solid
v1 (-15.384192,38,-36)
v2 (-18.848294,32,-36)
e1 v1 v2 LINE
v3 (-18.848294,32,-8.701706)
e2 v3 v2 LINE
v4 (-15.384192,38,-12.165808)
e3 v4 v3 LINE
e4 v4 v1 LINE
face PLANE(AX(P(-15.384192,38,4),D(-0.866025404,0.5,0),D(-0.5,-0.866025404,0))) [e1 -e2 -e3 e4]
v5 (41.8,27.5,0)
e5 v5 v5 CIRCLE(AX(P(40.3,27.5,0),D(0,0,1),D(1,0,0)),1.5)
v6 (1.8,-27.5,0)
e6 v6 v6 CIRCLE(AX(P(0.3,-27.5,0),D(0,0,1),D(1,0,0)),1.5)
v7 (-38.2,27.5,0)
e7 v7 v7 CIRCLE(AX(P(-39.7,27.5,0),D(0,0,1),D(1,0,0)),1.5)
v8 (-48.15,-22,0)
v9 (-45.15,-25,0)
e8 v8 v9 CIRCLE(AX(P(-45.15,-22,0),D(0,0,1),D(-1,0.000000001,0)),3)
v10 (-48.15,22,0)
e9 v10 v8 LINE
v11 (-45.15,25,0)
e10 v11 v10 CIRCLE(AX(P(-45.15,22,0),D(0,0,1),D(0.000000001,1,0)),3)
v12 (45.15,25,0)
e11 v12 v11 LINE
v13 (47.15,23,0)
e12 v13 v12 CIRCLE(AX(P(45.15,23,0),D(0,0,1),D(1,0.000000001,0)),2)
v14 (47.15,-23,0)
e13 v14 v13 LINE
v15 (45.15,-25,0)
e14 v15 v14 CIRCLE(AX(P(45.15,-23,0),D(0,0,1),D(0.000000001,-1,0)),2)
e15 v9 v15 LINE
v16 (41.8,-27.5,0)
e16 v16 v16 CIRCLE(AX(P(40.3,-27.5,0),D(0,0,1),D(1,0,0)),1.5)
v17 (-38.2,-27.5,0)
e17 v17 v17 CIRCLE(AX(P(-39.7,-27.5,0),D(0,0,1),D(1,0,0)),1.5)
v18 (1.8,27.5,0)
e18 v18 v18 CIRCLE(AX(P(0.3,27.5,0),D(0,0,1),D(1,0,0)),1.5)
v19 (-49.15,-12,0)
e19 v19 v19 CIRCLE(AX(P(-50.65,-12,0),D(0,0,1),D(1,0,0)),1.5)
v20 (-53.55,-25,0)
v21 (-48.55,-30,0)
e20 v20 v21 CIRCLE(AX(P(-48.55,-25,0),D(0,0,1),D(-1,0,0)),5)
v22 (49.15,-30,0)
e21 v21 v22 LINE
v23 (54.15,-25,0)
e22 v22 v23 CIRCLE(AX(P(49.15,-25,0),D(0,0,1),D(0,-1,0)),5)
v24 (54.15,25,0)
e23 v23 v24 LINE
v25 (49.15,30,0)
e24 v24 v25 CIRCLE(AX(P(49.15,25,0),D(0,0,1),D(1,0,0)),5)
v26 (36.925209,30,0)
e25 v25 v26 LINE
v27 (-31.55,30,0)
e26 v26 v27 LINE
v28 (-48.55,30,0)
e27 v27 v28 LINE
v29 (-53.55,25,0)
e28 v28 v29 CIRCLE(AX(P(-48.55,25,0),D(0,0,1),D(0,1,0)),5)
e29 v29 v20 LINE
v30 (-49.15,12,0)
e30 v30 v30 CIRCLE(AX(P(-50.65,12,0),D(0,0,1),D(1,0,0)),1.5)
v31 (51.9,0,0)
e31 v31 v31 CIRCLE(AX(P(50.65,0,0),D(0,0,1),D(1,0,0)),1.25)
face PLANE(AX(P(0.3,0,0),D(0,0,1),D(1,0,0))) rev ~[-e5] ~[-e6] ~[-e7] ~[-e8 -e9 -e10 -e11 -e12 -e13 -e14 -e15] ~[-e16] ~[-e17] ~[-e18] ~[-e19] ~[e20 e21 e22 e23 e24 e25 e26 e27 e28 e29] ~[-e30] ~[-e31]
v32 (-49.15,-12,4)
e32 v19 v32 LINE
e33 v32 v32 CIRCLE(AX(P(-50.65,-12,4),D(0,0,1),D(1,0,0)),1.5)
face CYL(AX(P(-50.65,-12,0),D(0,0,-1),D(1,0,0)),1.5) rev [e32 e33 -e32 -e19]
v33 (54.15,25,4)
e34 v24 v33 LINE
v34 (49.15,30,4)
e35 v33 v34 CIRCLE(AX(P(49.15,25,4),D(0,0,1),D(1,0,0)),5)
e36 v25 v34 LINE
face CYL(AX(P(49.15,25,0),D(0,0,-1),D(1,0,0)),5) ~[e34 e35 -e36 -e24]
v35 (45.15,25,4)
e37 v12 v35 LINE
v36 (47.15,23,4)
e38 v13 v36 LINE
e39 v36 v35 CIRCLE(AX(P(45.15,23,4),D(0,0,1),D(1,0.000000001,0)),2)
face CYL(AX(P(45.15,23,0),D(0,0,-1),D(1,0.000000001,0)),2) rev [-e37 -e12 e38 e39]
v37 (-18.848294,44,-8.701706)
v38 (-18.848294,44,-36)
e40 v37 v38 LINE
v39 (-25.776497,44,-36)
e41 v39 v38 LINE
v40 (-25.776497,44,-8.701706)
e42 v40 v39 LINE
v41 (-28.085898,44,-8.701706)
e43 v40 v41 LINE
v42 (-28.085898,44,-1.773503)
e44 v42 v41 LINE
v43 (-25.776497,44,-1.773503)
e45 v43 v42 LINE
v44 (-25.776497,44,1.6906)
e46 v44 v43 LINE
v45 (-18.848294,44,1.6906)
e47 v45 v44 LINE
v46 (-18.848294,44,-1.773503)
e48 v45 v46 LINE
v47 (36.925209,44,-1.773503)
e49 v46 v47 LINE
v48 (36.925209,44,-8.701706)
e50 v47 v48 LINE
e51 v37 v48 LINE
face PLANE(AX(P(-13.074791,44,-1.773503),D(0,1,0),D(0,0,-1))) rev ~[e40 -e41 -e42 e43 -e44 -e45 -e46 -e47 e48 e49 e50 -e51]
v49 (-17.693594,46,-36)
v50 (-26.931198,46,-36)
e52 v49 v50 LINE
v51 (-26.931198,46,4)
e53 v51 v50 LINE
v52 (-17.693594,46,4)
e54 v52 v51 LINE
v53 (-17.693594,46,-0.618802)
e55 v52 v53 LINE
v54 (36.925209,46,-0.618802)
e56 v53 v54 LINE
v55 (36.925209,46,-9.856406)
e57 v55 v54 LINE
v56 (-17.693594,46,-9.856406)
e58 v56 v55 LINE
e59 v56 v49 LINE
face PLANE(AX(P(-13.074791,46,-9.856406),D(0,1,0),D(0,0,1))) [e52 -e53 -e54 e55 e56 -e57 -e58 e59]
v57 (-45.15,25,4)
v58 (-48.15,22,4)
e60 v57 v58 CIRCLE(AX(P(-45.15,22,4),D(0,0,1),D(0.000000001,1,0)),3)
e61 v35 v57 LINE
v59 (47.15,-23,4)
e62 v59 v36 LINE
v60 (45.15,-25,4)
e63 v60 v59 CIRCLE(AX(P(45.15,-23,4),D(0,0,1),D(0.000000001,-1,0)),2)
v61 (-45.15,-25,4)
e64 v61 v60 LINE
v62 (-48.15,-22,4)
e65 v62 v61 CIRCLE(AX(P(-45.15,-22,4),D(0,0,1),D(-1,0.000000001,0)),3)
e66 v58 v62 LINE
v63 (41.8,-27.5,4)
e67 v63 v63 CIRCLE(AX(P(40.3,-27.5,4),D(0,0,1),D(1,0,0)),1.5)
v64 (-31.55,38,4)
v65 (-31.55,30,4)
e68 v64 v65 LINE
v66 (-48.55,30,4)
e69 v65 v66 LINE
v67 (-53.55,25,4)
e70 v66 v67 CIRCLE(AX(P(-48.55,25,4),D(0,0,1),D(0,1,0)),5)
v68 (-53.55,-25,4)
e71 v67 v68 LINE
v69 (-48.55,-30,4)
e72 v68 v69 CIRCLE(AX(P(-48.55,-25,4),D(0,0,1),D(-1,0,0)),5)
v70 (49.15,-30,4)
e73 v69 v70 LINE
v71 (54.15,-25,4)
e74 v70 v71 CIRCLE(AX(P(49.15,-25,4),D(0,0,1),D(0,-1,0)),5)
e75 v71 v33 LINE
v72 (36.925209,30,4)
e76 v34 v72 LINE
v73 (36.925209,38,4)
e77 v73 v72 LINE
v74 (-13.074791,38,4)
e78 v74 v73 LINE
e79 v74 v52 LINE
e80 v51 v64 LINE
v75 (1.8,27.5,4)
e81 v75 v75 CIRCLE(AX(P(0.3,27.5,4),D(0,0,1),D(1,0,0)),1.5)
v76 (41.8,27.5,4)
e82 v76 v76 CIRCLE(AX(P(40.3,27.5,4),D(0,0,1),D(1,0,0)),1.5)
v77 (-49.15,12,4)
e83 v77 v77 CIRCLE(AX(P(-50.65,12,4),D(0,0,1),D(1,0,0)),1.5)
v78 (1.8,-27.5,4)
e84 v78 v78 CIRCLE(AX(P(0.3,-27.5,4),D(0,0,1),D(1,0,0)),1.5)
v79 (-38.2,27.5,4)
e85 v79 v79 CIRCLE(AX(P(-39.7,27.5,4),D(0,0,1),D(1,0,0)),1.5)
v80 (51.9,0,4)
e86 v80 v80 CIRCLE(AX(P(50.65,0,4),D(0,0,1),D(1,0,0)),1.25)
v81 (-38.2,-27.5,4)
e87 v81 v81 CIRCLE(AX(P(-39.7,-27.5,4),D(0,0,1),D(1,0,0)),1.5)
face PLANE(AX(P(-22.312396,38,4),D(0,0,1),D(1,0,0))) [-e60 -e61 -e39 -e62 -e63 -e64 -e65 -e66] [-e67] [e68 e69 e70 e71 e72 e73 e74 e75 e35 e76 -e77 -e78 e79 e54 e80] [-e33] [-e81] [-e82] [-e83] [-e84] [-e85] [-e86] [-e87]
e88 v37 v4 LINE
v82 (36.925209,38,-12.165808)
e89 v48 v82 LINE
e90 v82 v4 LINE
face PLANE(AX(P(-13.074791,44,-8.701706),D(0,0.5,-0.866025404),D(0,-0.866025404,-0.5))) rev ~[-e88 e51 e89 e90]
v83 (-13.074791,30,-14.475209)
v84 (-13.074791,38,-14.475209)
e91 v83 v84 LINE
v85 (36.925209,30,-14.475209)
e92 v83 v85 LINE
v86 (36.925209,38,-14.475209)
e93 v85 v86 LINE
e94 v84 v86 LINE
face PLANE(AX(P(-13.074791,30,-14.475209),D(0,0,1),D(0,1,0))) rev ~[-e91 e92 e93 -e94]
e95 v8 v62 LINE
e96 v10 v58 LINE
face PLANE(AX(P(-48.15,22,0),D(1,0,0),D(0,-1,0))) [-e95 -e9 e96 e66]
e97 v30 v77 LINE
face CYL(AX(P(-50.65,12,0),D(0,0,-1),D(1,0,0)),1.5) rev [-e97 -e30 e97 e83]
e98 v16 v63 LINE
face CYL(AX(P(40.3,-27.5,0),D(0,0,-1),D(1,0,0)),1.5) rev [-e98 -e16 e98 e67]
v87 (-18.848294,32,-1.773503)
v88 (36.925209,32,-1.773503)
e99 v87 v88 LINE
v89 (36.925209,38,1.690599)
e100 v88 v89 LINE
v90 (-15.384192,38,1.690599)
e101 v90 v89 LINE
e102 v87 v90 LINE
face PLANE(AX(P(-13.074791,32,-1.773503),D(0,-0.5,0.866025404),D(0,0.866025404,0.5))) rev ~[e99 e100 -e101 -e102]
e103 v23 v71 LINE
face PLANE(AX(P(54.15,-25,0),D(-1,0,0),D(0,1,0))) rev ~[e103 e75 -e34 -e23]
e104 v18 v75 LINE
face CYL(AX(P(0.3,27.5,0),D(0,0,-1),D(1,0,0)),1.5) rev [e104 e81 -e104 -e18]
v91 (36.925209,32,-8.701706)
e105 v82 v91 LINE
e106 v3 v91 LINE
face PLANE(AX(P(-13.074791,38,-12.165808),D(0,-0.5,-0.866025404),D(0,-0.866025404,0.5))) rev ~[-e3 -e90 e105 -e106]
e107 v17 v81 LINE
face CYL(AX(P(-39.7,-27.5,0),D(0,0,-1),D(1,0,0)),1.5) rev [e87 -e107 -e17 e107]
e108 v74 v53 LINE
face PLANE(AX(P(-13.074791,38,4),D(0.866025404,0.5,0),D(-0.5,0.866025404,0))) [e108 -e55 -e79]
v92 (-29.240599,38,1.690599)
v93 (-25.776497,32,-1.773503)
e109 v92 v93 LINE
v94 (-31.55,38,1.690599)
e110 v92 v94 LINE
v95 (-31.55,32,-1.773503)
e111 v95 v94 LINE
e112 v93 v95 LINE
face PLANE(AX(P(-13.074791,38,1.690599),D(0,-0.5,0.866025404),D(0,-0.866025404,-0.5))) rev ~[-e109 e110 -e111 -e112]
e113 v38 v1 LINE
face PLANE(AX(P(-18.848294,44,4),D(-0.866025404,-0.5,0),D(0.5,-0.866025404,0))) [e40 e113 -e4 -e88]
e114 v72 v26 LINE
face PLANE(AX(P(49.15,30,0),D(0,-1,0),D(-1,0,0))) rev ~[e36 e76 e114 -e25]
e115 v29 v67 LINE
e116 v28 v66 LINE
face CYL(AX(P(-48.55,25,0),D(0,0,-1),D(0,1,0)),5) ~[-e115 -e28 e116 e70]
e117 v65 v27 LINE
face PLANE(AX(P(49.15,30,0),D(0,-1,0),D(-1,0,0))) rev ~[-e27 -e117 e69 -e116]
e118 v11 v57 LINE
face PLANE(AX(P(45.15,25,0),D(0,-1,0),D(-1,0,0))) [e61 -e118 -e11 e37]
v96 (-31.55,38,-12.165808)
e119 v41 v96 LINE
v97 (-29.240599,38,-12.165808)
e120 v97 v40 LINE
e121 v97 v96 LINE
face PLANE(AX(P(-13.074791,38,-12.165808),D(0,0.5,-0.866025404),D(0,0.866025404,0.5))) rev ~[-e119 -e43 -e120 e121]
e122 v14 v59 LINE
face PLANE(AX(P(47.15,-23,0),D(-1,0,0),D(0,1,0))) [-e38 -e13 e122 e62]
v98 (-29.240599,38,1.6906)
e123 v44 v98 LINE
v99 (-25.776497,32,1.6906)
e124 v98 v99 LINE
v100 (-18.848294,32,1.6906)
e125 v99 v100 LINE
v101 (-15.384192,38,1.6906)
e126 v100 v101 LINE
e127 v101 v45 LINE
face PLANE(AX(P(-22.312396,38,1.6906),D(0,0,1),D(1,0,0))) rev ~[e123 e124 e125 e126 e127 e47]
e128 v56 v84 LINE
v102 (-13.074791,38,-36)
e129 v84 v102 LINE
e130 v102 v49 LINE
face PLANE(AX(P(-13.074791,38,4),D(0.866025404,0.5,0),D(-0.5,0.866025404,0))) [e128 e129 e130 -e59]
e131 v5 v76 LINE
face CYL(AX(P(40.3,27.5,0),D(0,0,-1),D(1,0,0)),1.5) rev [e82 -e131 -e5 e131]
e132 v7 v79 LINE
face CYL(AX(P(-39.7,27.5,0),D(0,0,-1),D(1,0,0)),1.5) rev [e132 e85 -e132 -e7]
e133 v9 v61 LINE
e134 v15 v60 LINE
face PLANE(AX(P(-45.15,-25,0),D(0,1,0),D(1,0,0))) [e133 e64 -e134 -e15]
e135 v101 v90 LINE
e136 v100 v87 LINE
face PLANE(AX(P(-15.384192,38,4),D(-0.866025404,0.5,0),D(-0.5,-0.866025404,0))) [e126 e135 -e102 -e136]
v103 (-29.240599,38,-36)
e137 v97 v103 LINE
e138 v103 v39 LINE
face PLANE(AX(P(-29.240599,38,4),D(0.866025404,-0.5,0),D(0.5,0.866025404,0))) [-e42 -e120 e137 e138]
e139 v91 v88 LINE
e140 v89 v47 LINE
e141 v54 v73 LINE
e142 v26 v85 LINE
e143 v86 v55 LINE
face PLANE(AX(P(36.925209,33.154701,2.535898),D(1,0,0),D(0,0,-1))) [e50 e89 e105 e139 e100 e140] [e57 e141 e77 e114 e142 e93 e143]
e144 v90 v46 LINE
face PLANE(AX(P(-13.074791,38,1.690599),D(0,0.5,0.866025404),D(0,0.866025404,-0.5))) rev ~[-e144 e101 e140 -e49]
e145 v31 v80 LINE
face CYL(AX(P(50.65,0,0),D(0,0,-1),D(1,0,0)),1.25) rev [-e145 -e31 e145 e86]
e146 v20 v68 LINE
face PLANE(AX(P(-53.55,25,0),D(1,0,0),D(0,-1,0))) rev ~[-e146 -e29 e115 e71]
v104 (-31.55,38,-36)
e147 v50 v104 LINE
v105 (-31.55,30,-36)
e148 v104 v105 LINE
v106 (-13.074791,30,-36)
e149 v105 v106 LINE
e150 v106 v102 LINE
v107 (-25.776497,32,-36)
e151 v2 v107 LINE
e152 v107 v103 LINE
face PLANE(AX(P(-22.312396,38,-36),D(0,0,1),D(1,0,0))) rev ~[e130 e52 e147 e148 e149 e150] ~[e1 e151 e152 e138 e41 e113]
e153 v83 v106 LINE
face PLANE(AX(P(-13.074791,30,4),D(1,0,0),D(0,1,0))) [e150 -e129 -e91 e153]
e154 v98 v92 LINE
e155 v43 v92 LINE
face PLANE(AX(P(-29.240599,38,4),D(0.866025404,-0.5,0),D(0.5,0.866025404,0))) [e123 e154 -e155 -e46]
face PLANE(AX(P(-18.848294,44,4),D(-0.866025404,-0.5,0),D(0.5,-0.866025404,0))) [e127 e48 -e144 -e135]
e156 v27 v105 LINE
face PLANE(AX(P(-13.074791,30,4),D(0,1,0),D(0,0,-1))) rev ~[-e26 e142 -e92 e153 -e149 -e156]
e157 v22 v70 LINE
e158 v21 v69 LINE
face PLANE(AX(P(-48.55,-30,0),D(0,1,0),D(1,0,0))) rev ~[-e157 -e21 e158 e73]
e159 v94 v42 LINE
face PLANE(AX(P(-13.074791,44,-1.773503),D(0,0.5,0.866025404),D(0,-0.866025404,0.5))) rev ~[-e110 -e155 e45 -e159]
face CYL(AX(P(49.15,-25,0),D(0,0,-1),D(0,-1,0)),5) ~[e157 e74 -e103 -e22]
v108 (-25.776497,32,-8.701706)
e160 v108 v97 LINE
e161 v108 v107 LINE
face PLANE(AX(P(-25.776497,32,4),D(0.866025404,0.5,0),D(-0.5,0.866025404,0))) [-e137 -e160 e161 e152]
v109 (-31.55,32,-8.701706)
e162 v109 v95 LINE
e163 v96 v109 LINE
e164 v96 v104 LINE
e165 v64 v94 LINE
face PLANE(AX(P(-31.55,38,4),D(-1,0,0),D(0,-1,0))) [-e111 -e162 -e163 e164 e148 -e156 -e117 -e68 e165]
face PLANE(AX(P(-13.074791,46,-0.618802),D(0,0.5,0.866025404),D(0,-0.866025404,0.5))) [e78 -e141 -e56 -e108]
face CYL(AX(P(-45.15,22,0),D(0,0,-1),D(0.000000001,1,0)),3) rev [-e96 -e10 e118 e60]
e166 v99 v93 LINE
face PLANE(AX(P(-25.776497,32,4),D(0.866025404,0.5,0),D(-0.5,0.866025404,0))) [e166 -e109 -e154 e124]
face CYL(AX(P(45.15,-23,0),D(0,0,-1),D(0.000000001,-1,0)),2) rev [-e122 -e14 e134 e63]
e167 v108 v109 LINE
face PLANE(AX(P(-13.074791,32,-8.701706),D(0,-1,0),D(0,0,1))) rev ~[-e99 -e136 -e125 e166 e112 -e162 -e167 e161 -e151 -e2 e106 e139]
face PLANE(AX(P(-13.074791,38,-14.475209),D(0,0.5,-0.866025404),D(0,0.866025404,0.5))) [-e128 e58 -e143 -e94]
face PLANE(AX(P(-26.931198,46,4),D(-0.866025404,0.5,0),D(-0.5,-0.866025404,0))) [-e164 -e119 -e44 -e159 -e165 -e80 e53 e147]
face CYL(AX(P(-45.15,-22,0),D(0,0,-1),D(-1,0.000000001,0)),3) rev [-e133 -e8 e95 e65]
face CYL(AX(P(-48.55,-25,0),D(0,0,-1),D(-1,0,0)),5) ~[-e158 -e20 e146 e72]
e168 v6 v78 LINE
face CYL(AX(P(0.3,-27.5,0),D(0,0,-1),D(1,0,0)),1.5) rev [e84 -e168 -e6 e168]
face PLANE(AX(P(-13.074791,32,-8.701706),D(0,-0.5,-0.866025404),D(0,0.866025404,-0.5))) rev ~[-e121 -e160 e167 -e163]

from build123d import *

# Parameters (mm, degrees)
SKETCH3_R           = 1.5
SKETCH3_R_2         = 1.25
BOSS_EXTRUDE1_DEPTH = 4
BOSS_EXTRUDE2_DEPTH = 40
BOSS_EXTRUDE5_DEPTH = 50
BOSS_EXTRUDE6_REACH = 91.057
CUT_EXTRUDE2_DEPTH  = 90.057130972
BOSS_EXTRUDE7_DEPTH = 2.3094


with BuildPart() as part:
    # Sketch3 → Boss-Extrude1 (new body)
    with BuildSketch(Plane.XY):
        with BuildLine():
            Line((-53.55, 25), (-53.55, -25))
            ThreePointArc((-53.55, -25), (-52.085533906, -28.535533906), (-48.55, -30))
            Line((-48.55, -30), (49.15, -30))
            ThreePointArc((49.15, -30), (52.685533906, -28.535533906), (54.15, -25))
            Line((54.15, -25), (54.15, 25))
            ThreePointArc((54.15, 25), (52.685533906, 28.535533906), (49.15, 30))
            Line((49.15, 30), (-48.55, 30))
            ThreePointArc((-48.55, 30), (-52.085533906, 28.535533906), (-53.55, 25))
        make_face()
        with Locations((-39.7, 27.5)):
            Circle(SKETCH3_R, mode=Mode.SUBTRACT)
        with Locations((40.3, 27.5)):
            Circle(SKETCH3_R, mode=Mode.SUBTRACT)
        with Locations((40.3, -27.5)):
            Circle(SKETCH3_R, mode=Mode.SUBTRACT)
        with Locations((0.3, -27.5)):
            Circle(SKETCH3_R, mode=Mode.SUBTRACT)
        with Locations((-50.65, -12)):
            Circle(SKETCH3_R, mode=Mode.SUBTRACT)
        with Locations((-50.65, 12)):
            Circle(SKETCH3_R, mode=Mode.SUBTRACT)
        with Locations((-39.7, -27.5)):
            Circle(SKETCH3_R, mode=Mode.SUBTRACT)
        with Locations((0.3, 27.5)):
            Circle(SKETCH3_R, mode=Mode.SUBTRACT)
        with Locations((50.65, 0)):
            Circle(SKETCH3_R_2, mode=Mode.SUBTRACT)
        with BuildLine():
            Line((-48.15, 22), (-48.15, -22))
            ThreePointArc((-48.15, -22), (-47.271320344, -24.121320344), (-45.15, -25))
            Line((-45.15, -25), (45.15, -25))
            ThreePointArc((45.15, -25), (46.564213562, -24.414213562), (47.15, -23))
            Line((47.15, -23), (47.15, 23))
            ThreePointArc((47.15, 23), (46.564213562, 24.414213562), (45.15, 25))
            Line((45.15, 25), (-45.15, 25))
            ThreePointArc((-45.15, 25), (-47.271320344, 24.121320344), (-48.15, 22))
        make_face(mode=Mode.SUBTRACT)
    extrude(amount=BOSS_EXTRUDE1_DEPTH)

    # Sketch5 → Boss-Extrude2 (add)
    # profile 1 of 3: a face of its own
    with BuildSketch(Plane.XY.offset(4)):
        Polygon((-17.693593539, 30), (-13.074791386, 38), (-17.693593539, 46), (-26.931197846, 46), (-31.55, 38), (-26.931197846, 30), align=None)
        Polygon((-18.848294078, 44), (-15.384192463, 38), (-18.848294078, 32), (-25.776497308, 32), (-29.240598923, 38), (-25.776497308, 44), align=None, mode=Mode.SUBTRACT)
    # profile 2 of 3: a face of its own
    with BuildSketch(Plane.XY.offset(4)):
        Polygon((-13.074791386, 30), (-13.074791386, 38), (-17.693593539, 30), align=None)
    # profile 3 of 3: a face of its own
    with BuildSketch(Plane.XY.offset(4)):
        Polygon((-31.55, 30), (-26.931197846, 30), (-31.55, 38), align=None)
    extrude(amount=-BOSS_EXTRUDE2_DEPTH)

    # Sketch8 → Boss-Extrude5 (add)
    with BuildSketch(Plane(origin=(-13.074791386, 0, 0), x_dir=(0, 0, -1), z_dir=(1, 0, 0))):
        Polygon((0, 30), (0.618802154, 30), (-4, 38), (-4, 30), align=None)
        Polygon((9.856406461, 30), (14.475208614, 38), (12.165807537, 38), (8.701705922, 32), (1.773502692, 32), (-1.690598923, 38), (-4, 38), (0.618802154, 30), align=None)
        Polygon((14.475208614, 30), (14.475208614, 38), (9.856406461, 30), align=None)
        Polygon((12.165807537, 38), (14.475208614, 38), (9.856406461, 46), (0.618802154, 46), (-4, 38), (-1.690598923, 38), (1.773502692, 44), (8.701705922, 44), align=None)
    extrude(amount=BOSS_EXTRUDE5_DEPTH)

    # Boss-Extrude6: up to this face of the body (flat: up to its plane)
    boss_extrude6_end = Plane(part.part.faces().sort_by_distance((-15.384192463, 42, -16))[0])
    # Sketch8<3> → Boss-Extrude6 (add, up to the picked face)
    with BuildSketch(Plane(origin=(-13.074791386, 0, 0), x_dir=(0, 0, -1), z_dir=(1, 0, 0)), mode=Mode.PRIVATE) as boss_extrude6_sk1:
        Polygon((12.165807537, 38), (14.475208614, 38), (9.856406461, 46), (0.618802154, 46), (-4, 38), (-1.690598923, 38), (1.773502692, 44), (8.701705922, 44), align=None)
    boss_extrude6_tool1 = split(extrude(boss_extrude6_sk1.sketch, amount=-BOSS_EXTRUDE6_REACH, mode=Mode.PRIVATE), bisect_by=boss_extrude6_end, keep=Keep.BOTH, mode=Mode.PRIVATE)
    add(boss_extrude6_tool1.solids().sort_by(Axis((-13.074791, 38.201329, -13.320508), (-1, 0, 0)))[0])

    # Sketch8<4> → Cut-Extrude2 (cut, through all)
    with BuildSketch(Plane(origin=(-13.074791386, 0, 0), x_dir=(0, 0, -1), z_dir=(1, 0, 0))):
        Polygon((-1.690598923, 38), (12.165807537, 38), (8.701705922, 44), (1.773502692, 44), align=None)
        Polygon((8.701705922, 32), (12.165807537, 38), (-1.690598923, 38), (1.773502692, 32), align=None)
    extrude(amount=-CUT_EXTRUDE2_DEPTH, mode=Mode.SUBTRACT)

    # Sketch5<3> → Boss-Extrude7 (add)
    with BuildSketch(Plane.XY.offset(4)):
        Polygon((-25.776497308, 32), (-18.848294078, 32), (-15.384192463, 38), (-18.848294078, 44), (-25.776497308, 44), (-29.240598923, 38), align=None)
    extrude(amount=-BOSS_EXTRUDE7_DEPTH)


solid = part.part
